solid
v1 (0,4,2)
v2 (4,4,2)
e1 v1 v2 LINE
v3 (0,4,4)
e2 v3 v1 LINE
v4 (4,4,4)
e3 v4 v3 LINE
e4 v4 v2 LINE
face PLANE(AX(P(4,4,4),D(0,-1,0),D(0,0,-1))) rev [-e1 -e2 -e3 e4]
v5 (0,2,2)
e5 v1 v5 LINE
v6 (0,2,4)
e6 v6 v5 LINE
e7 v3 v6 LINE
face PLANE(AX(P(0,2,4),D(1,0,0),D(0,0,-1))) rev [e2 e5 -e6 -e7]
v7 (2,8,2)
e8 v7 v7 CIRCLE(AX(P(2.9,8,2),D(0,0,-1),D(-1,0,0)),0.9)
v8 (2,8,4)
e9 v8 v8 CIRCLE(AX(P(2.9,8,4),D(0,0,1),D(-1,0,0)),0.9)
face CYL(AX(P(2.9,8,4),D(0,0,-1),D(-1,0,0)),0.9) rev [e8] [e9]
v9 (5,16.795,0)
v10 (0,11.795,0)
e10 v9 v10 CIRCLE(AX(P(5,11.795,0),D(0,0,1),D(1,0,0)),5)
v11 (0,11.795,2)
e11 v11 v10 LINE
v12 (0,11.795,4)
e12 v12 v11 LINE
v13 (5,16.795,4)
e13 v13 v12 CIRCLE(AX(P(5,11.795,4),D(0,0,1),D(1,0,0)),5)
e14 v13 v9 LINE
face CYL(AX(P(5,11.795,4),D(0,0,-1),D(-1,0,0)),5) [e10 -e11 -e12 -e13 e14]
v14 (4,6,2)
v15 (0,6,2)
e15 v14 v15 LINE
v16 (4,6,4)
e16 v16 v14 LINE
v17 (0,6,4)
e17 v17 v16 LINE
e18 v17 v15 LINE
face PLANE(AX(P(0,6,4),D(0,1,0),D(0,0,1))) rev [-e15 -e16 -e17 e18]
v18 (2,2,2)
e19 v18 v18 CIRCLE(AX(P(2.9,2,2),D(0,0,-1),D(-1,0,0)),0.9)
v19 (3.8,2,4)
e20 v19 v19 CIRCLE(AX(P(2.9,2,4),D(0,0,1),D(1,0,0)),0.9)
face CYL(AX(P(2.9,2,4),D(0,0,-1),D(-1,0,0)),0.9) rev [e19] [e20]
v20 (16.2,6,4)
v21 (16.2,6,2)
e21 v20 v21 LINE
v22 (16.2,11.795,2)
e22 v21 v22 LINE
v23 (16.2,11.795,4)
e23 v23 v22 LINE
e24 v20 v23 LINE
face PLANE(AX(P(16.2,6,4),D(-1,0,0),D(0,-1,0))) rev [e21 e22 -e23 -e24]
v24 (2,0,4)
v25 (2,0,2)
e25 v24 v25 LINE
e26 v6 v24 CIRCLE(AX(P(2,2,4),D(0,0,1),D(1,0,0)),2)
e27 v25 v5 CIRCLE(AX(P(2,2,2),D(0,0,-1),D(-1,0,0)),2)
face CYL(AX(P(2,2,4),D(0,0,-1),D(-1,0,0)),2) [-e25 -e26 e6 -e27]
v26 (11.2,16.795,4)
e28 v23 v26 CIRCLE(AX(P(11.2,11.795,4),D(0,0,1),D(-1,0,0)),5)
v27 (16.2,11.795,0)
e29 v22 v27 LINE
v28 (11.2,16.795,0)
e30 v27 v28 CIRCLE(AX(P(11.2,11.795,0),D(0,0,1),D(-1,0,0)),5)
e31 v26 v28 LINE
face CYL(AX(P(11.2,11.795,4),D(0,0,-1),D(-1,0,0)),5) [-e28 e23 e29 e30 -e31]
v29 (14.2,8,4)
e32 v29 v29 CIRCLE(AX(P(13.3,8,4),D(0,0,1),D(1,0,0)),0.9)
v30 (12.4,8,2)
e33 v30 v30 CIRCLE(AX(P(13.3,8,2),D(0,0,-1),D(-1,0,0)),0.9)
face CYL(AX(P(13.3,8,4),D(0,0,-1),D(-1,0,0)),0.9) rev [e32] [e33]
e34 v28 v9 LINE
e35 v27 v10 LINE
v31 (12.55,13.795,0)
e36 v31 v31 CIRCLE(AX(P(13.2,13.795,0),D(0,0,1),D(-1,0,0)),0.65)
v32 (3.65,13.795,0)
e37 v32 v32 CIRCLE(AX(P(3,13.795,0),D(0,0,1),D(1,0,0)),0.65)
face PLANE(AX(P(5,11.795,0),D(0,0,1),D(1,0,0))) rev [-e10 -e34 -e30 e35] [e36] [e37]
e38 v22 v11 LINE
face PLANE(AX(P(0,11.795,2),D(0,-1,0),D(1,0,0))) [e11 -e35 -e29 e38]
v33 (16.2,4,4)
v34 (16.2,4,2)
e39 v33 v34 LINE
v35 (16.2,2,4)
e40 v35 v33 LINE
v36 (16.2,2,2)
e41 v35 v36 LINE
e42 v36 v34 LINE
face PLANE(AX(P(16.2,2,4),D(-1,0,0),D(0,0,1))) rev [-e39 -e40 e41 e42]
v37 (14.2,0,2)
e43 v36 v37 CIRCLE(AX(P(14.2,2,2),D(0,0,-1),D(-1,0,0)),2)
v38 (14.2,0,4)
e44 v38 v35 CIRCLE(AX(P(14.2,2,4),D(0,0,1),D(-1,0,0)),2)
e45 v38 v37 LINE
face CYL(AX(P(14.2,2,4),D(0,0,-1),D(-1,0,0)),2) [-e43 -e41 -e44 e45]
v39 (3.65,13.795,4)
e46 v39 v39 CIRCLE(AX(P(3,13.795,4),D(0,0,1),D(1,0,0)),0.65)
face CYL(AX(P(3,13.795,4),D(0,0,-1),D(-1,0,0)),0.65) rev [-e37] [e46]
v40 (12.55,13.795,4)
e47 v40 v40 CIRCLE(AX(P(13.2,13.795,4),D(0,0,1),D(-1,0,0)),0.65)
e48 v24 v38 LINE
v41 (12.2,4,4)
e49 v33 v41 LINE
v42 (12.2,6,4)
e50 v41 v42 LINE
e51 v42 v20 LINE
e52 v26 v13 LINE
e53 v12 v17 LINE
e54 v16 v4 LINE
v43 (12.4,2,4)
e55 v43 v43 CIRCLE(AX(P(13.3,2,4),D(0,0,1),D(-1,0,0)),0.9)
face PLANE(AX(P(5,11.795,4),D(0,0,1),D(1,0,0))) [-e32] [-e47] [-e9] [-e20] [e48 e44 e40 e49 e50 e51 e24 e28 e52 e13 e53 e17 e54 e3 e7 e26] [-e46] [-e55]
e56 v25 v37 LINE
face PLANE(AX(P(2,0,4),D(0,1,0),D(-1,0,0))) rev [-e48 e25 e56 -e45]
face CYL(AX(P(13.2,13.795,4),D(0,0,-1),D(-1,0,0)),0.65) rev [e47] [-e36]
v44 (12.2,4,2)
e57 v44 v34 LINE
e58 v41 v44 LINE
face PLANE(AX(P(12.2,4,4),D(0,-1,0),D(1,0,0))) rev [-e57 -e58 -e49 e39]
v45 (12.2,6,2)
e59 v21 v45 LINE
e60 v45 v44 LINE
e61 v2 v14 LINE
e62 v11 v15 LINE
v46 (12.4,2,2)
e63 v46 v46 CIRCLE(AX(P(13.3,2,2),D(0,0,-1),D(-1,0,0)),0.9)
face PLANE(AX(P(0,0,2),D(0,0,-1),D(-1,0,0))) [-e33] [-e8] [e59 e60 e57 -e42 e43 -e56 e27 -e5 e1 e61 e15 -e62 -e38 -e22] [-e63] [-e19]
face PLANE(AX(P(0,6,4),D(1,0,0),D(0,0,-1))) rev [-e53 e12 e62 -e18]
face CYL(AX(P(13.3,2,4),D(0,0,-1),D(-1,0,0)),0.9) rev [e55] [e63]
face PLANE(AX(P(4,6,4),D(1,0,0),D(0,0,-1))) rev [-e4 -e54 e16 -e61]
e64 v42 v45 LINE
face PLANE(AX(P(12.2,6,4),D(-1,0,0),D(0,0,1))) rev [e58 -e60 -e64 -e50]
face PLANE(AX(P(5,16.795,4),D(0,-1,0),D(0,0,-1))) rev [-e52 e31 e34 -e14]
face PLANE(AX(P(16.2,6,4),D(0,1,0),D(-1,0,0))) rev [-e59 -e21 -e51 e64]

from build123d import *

# Parameters (mm, degrees)
SKETCH1_R           = 0.9
SKETCH1_R_2         = 0.65
BOSS_EXTRUDE1_DEPTH = 4
SKETCH2_W           = 16.2
SKETCH2_H           = 11.795
CUT_EXTRUDE1_DEPTH  = 2


with BuildPart() as part:
    # Sketch1 → Boss-Extrude1 (new body)
    with BuildSketch(Plane.XY):
        with BuildLine():
            Line((0, 6), (0, 11.795))
            ThreePointArc((0, 11.795), (1.464466094, 15.330533906), (5, 16.795))
            Line((5, 16.795), (11.2, 16.795))
            ThreePointArc((11.2, 16.795), (14.735533906, 15.330533906), (16.2, 11.795))
            Line((16.2, 11.795), (16.2, 6))
            Line((16.2, 6), (12.2, 6))
            Line((12.2, 6), (12.2, 4))
            Line((12.2, 4), (16.2, 4))
            Line((16.2, 4), (16.2, 2))
            ThreePointArc((16.2, 2), (15.614213562, 0.585786438), (14.2, 0))
            Line((14.2, 0), (2, 0))
            ThreePointArc((2, 0), (0.585786438, 0.585786438), (0, 2))
            Line((0, 2), (0, 4))
            Line((0, 4), (4, 4))
            Line((4, 4), (4, 6))
            Line((4, 6), (0, 6))
        make_face()
        with Locations((13.3, 2)):
            Circle(SKETCH1_R, mode=Mode.SUBTRACT)
        with Locations((13.3, 8)):
            Circle(SKETCH1_R, mode=Mode.SUBTRACT)
        with Locations((3, 13.795)):
            Circle(SKETCH1_R_2, mode=Mode.SUBTRACT)
        with Locations((13.2, 13.795)):
            Circle(SKETCH1_R_2, mode=Mode.SUBTRACT)
        with Locations((2.9, 8)):
            Circle(SKETCH1_R, mode=Mode.SUBTRACT)
        with Locations((2.9, 2)):
            Circle(SKETCH1_R, mode=Mode.SUBTRACT)
    extrude(amount=BOSS_EXTRUDE1_DEPTH)

    # Sketch2 → Cut-Extrude1 (cut)
    with BuildSketch(Plane.XY):
        with Locations((8.1, 5.8975)):
            Rectangle(SKETCH2_W, SKETCH2_H)
    extrude(amount=CUT_EXTRUDE1_DEPTH, mode=Mode.SUBTRACT)


solid = part.part
